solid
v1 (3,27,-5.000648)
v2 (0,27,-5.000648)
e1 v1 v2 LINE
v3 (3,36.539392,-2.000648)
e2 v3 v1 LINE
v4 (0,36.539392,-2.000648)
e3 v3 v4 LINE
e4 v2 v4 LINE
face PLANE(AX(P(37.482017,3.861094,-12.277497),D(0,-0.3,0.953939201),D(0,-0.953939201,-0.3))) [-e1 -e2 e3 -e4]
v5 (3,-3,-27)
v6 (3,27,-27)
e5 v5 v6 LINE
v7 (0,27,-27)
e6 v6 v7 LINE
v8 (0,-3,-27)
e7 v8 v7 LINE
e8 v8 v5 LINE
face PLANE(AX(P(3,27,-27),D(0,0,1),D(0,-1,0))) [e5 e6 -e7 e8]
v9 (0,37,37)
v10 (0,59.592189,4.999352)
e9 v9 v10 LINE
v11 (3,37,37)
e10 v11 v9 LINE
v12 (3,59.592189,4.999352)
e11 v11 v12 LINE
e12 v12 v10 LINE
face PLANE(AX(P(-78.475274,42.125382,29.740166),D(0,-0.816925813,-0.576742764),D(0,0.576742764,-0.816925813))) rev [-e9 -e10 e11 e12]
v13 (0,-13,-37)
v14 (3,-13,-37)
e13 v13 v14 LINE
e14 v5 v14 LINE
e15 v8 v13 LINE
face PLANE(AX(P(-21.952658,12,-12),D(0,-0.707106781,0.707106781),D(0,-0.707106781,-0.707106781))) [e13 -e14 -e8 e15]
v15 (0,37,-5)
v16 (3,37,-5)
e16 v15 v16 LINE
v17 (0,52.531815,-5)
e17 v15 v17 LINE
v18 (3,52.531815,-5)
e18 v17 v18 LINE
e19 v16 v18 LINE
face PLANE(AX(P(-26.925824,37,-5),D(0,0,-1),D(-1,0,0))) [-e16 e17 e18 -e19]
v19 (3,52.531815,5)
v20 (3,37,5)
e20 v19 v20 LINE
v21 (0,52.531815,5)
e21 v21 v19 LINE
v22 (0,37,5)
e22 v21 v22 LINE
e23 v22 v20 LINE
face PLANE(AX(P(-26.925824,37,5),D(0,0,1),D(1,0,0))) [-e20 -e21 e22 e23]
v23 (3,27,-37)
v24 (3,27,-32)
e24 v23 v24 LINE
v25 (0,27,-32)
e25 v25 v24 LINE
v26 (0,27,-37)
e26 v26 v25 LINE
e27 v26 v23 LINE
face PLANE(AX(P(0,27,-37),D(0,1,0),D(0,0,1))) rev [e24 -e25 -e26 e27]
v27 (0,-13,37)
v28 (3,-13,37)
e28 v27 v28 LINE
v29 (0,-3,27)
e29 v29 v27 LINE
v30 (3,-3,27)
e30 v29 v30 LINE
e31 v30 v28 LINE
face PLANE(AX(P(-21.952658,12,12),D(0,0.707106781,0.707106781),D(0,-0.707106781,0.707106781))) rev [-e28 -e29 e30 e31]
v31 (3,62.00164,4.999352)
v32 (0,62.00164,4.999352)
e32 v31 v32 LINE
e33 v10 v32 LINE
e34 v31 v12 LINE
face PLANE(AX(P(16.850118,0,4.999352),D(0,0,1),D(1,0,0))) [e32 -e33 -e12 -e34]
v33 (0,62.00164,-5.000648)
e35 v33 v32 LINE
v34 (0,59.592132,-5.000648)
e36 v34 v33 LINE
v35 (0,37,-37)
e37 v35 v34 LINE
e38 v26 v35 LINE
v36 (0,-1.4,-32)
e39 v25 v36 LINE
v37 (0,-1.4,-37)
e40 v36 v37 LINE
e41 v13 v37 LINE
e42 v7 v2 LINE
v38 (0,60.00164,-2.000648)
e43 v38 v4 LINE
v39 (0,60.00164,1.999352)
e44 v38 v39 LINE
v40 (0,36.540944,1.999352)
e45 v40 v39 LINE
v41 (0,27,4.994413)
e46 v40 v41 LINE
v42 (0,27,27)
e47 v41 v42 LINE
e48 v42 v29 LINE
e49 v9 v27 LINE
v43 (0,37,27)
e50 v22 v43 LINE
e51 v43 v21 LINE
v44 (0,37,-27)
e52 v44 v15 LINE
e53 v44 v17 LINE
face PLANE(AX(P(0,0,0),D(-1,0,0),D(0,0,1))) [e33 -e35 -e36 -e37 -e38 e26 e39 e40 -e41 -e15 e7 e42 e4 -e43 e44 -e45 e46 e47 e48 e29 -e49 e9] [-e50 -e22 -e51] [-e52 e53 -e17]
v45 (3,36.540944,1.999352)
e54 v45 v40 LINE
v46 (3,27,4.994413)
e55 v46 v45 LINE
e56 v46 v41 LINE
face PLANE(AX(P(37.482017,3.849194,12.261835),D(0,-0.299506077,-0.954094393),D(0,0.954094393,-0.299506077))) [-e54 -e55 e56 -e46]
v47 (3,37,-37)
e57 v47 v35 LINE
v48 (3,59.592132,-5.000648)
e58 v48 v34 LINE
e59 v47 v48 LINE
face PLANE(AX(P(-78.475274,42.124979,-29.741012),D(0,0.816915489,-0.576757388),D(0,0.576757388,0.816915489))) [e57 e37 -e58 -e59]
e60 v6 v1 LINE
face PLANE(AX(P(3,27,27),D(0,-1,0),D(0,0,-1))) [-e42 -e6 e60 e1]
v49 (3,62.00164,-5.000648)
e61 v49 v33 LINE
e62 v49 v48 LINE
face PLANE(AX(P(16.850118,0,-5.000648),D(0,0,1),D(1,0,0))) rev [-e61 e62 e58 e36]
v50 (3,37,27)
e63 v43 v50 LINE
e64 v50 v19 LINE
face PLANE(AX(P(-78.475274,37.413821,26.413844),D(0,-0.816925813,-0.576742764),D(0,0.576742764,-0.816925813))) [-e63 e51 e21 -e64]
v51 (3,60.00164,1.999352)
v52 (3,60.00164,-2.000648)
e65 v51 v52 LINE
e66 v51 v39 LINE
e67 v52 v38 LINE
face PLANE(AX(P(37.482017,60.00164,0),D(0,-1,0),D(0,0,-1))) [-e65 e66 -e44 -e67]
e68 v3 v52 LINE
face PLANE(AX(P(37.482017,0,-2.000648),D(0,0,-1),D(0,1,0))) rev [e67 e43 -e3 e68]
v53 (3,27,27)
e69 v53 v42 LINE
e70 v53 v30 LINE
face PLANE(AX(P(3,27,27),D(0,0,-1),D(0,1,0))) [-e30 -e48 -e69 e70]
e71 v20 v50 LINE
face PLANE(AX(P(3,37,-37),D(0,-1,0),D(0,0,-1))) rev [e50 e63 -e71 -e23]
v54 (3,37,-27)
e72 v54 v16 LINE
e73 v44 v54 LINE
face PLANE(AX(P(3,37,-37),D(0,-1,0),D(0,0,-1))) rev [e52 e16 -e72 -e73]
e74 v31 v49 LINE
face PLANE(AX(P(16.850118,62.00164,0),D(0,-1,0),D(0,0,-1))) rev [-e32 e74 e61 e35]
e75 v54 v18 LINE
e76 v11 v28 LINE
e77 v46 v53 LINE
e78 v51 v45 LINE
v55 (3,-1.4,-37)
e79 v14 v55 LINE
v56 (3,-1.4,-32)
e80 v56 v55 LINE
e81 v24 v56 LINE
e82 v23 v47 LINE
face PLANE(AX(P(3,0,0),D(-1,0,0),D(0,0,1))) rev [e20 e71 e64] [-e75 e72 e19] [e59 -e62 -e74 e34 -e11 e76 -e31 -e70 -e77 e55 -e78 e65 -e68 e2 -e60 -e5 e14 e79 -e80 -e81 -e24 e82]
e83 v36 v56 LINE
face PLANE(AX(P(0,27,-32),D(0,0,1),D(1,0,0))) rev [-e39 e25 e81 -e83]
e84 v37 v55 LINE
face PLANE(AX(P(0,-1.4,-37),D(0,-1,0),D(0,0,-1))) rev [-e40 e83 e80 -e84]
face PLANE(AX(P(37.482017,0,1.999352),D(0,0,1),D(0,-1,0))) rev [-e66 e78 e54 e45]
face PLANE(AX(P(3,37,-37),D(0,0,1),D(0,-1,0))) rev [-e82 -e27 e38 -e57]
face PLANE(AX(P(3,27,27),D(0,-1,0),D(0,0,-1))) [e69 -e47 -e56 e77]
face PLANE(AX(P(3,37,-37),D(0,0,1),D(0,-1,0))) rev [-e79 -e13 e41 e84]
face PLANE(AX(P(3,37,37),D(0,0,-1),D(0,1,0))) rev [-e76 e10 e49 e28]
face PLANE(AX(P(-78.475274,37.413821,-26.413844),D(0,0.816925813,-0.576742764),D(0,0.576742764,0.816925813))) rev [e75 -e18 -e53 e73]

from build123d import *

# Parameters (mm, degrees)
SKETCH2_W           = 74
SKETCH2_H           = 74
SKETCH2_W_2         = 54
SKETCH2_H_2         = 54
BOSS_EXTRUDE1_DEPTH = 3
SKETCH3_W           = 10
SKETCH3_H           = 25
BOSS_EXTRUDE2_DEPTH = 3
CUT_EXTRUDE1_DEPTH  = 3
BOSS_EXTRUDE3_DEPTH = 3
CUT_EXTRUDE2_DEPTH  = 3
CUT_EXTRUDE3_DEPTH  = 3
CUT_EXTRUDE4_DEPTH  = 3
BOSS_EXTRUDE4_DEPTH = 3
CUT_EXTRUDE6_DEPTH  = 3
SKETCH12_W          = 5
SKETCH12_H          = 28.4
CUT_EXTRUDE7_DEPTH  = 3


with BuildPart() as part:
    # Sketch2 → Boss-Extrude1 (new body)
    with BuildSketch(Plane(origin=(0, 0, 0), x_dir=(0, 0, -1), z_dir=(1, 0, 0))):
        Rectangle(SKETCH2_W, SKETCH2_H)
        Rectangle(SKETCH2_W_2, SKETCH2_H_2, mode=Mode.SUBTRACT)
    extrude(amount=BOSS_EXTRUDE1_DEPTH)

    # Sketch3 → Boss-Extrude2 (add)
    with BuildSketch(Plane(origin=(3, 0, 0), x_dir=(0, 0, -1), z_dir=(1, 0, 0))):
        with Locations((0, 49.5)):
            Rectangle(SKETCH3_W, SKETCH3_H)
    extrude(amount=-BOSS_EXTRUDE2_DEPTH)

    # Sketch4 → Cut-Extrude1 (cut)
    with BuildSketch(Plane.ZY):
        with BuildLine():
            ThreePointArc((-5, 57), (-3.535533906, 60.535533906), (0, 62))
            Line((0, 62), (-5, 62))
            Line((-5, 62), (-5, 57))
        make_face()
        with BuildLine():
            ThreePointArc((0, 62), (3.535533906, 60.535533906), (5, 57))
            Line((5, 57), (5, 62))
            Line((5, 62), (0, 62))
        make_face()
    extrude(amount=-CUT_EXTRUDE1_DEPTH, mode=Mode.SUBTRACT)

    # Sketch6 → Boss-Extrude3 (add)
    with BuildSketch(Plane(origin=(3, 0, 0), x_dir=(0, 0, -1), z_dir=(1, 0, 0))):
        with BuildLine():
            Line((0.000702858, 63.122185539), (-37, 37))
            Line((-37, 37), (-27, 37))
            Line((-27, 37), (-5, 52.531815276))
            Line((-5, 52.531815276), (-5, 57))
            ThreePointArc((-5, 57), (0, 62), (5, 57))
            Line((5, 57), (5, 52.531815276))
            Line((5, 52.531815276), (27, 37))
            Line((27, 37), (37, 37))
            Line((37, 37), (0.000702858, 63.122185539))
        make_face()
    extrude(amount=-BOSS_EXTRUDE3_DEPTH)

    # Sketch7 → Cut-Extrude2 (cut)
    with BuildSketch(Plane.ZY):
        with BuildLine():
            Line((2.883065745, 61.086269119), (-0.000702858, 63.122185539))
            Line((-0.000702858, 63.122185539), (-2.884435016, 61.086217499))
            ThreePointArc((-2.884435016, 61.086217499), (-0.000692829, 62.001640055), (2.883065745, 61.086269119))
        make_face()
    extrude(amount=-CUT_EXTRUDE2_DEPTH, mode=Mode.SUBTRACT)

    # Sketch8 → Cut-Extrude3 (cut)
    with BuildSketch(Plane(origin=(3, 0, 0), x_dir=(0, 0, -1), z_dir=(1, 0, 0))):
        with BuildLine():
            ThreePointArc((-27, -22.542313426), (-32.066565807, -20.638358178), (-37, -18.4120694))
            Line((-37, -18.4120694), (-37, -37))
            Line((-37, -37), (37, -37))
            Line((37, -37), (37, -18.412705326))
            ThreePointArc((37, -18.412705326), (32.066562187, -20.638895004), (27, -22.542753385))
            Line((27, -22.542753385), (27, -27))
            Line((27, -27), (0.00064811, -27))
            Line((0.00064811, -27), (-27, -27))
            Line((-27, -27), (-27, -22.542313426))
        make_face()
    extrude(amount=-CUT_EXTRUDE3_DEPTH, mode=Mode.SUBTRACT)

    # Sketch9 → Cut-Extrude4 (cut)
    with BuildSketch(Plane.ZY):
        Polygon((-2.000648078, 36.539392014), (-5.000648078, 27), (4.994412692, 27), (1.999351922, 36.540943925), (1.999351922, 60.001640055), (-2.000648078, 60.001640055), align=None)
    extrude(amount=-CUT_EXTRUDE4_DEPTH, mode=Mode.SUBTRACT)

    # Sketch10 → Boss-Extrude4 (add)
    with BuildSketch(Plane.ZY):
        with BuildLine():
            Line((-5.000648078, 62.001640055), (-5.000648078, 59.592132084))
            Line((-5.000648078, 59.592132084), (-2.884435016, 61.086217499))
            ThreePointArc((-2.884435016, 61.086217499), (-1.513445616, 61.767292541), (-0.000648078, 62.001640055))
            Line((-0.000648078, 62.001640055), (-5.000648078, 62.001640055))
        make_face()
        with BuildLine():
            ThreePointArc((-2.884435016, 61.086217499), (-4.440182664, 59.301755847), (-5.000648078, 57.001640055))
            ThreePointArc((-5.000648078, 57.001640055), (-4.18394821, 54.263027268), (-2.000648078, 52.41906436))
            Line((-2.000648078, 52.41906436), (-2.000648078, 60.001640055))
            Line((-2.000648078, 60.001640055), (1.999351922, 60.001640055))
            Line((1.999351922, 60.001640055), (1.999351922, 52.41906436))
            ThreePointArc((1.999351922, 52.41906436), (4.182652055, 54.263027268), (4.999351922, 57.001640055))
            ThreePointArc((4.999351922, 57.001640055), (4.438865922, 59.301795581), (2.883065745, 61.086269119))
            ThreePointArc((2.883065745, 61.086269119), (1.512106806, 61.76730608), (-0.000648078, 62.001640055))
            ThreePointArc((-0.000648078, 62.001640055), (-1.513445616, 61.767292541), (-2.884435016, 61.086217499))
        make_face()
        with BuildLine():
            Line((4.999351922, 62.001640055), (-0.000648078, 62.001640055))
            ThreePointArc((-0.000648078, 62.001640055), (1.512106806, 61.76730608), (2.883065745, 61.086269119))
            Line((2.883065745, 61.086269119), (4.999351922, 59.592188848))
            Line((4.999351922, 59.592188848), (4.999351922, 62.001640055))
        make_face()
    extrude(amount=-BOSS_EXTRUDE4_DEPTH)

    # Sketch11 → Cut-Extrude6 (cut)
    with BuildSketch(Plane(origin=(3, 0, 0), x_dir=(0, 0, -1), z_dir=(1, 0, 0))):
        Polygon((-27, -3), (-37, -13), (-37, -22.542313426), (-27, -22.542313426), align=None)
        Polygon((27, -3), (27, -22.542753385), (37, -22.542753385), (37, -13), align=None)
    extrude(amount=-CUT_EXTRUDE6_DEPTH, mode=Mode.SUBTRACT)

    # Sketch12 → Cut-Extrude7 (cut)
    with BuildSketch(Plane(origin=(3, 0, 0), x_dir=(0, 0, -1), z_dir=(1, 0, 0))):
        with Locations((34.5, 12.8)):
            Rectangle(SKETCH12_W, SKETCH12_H)
    extrude(amount=-CUT_EXTRUDE7_DEPTH, mode=Mode.SUBTRACT)


solid = part.part
